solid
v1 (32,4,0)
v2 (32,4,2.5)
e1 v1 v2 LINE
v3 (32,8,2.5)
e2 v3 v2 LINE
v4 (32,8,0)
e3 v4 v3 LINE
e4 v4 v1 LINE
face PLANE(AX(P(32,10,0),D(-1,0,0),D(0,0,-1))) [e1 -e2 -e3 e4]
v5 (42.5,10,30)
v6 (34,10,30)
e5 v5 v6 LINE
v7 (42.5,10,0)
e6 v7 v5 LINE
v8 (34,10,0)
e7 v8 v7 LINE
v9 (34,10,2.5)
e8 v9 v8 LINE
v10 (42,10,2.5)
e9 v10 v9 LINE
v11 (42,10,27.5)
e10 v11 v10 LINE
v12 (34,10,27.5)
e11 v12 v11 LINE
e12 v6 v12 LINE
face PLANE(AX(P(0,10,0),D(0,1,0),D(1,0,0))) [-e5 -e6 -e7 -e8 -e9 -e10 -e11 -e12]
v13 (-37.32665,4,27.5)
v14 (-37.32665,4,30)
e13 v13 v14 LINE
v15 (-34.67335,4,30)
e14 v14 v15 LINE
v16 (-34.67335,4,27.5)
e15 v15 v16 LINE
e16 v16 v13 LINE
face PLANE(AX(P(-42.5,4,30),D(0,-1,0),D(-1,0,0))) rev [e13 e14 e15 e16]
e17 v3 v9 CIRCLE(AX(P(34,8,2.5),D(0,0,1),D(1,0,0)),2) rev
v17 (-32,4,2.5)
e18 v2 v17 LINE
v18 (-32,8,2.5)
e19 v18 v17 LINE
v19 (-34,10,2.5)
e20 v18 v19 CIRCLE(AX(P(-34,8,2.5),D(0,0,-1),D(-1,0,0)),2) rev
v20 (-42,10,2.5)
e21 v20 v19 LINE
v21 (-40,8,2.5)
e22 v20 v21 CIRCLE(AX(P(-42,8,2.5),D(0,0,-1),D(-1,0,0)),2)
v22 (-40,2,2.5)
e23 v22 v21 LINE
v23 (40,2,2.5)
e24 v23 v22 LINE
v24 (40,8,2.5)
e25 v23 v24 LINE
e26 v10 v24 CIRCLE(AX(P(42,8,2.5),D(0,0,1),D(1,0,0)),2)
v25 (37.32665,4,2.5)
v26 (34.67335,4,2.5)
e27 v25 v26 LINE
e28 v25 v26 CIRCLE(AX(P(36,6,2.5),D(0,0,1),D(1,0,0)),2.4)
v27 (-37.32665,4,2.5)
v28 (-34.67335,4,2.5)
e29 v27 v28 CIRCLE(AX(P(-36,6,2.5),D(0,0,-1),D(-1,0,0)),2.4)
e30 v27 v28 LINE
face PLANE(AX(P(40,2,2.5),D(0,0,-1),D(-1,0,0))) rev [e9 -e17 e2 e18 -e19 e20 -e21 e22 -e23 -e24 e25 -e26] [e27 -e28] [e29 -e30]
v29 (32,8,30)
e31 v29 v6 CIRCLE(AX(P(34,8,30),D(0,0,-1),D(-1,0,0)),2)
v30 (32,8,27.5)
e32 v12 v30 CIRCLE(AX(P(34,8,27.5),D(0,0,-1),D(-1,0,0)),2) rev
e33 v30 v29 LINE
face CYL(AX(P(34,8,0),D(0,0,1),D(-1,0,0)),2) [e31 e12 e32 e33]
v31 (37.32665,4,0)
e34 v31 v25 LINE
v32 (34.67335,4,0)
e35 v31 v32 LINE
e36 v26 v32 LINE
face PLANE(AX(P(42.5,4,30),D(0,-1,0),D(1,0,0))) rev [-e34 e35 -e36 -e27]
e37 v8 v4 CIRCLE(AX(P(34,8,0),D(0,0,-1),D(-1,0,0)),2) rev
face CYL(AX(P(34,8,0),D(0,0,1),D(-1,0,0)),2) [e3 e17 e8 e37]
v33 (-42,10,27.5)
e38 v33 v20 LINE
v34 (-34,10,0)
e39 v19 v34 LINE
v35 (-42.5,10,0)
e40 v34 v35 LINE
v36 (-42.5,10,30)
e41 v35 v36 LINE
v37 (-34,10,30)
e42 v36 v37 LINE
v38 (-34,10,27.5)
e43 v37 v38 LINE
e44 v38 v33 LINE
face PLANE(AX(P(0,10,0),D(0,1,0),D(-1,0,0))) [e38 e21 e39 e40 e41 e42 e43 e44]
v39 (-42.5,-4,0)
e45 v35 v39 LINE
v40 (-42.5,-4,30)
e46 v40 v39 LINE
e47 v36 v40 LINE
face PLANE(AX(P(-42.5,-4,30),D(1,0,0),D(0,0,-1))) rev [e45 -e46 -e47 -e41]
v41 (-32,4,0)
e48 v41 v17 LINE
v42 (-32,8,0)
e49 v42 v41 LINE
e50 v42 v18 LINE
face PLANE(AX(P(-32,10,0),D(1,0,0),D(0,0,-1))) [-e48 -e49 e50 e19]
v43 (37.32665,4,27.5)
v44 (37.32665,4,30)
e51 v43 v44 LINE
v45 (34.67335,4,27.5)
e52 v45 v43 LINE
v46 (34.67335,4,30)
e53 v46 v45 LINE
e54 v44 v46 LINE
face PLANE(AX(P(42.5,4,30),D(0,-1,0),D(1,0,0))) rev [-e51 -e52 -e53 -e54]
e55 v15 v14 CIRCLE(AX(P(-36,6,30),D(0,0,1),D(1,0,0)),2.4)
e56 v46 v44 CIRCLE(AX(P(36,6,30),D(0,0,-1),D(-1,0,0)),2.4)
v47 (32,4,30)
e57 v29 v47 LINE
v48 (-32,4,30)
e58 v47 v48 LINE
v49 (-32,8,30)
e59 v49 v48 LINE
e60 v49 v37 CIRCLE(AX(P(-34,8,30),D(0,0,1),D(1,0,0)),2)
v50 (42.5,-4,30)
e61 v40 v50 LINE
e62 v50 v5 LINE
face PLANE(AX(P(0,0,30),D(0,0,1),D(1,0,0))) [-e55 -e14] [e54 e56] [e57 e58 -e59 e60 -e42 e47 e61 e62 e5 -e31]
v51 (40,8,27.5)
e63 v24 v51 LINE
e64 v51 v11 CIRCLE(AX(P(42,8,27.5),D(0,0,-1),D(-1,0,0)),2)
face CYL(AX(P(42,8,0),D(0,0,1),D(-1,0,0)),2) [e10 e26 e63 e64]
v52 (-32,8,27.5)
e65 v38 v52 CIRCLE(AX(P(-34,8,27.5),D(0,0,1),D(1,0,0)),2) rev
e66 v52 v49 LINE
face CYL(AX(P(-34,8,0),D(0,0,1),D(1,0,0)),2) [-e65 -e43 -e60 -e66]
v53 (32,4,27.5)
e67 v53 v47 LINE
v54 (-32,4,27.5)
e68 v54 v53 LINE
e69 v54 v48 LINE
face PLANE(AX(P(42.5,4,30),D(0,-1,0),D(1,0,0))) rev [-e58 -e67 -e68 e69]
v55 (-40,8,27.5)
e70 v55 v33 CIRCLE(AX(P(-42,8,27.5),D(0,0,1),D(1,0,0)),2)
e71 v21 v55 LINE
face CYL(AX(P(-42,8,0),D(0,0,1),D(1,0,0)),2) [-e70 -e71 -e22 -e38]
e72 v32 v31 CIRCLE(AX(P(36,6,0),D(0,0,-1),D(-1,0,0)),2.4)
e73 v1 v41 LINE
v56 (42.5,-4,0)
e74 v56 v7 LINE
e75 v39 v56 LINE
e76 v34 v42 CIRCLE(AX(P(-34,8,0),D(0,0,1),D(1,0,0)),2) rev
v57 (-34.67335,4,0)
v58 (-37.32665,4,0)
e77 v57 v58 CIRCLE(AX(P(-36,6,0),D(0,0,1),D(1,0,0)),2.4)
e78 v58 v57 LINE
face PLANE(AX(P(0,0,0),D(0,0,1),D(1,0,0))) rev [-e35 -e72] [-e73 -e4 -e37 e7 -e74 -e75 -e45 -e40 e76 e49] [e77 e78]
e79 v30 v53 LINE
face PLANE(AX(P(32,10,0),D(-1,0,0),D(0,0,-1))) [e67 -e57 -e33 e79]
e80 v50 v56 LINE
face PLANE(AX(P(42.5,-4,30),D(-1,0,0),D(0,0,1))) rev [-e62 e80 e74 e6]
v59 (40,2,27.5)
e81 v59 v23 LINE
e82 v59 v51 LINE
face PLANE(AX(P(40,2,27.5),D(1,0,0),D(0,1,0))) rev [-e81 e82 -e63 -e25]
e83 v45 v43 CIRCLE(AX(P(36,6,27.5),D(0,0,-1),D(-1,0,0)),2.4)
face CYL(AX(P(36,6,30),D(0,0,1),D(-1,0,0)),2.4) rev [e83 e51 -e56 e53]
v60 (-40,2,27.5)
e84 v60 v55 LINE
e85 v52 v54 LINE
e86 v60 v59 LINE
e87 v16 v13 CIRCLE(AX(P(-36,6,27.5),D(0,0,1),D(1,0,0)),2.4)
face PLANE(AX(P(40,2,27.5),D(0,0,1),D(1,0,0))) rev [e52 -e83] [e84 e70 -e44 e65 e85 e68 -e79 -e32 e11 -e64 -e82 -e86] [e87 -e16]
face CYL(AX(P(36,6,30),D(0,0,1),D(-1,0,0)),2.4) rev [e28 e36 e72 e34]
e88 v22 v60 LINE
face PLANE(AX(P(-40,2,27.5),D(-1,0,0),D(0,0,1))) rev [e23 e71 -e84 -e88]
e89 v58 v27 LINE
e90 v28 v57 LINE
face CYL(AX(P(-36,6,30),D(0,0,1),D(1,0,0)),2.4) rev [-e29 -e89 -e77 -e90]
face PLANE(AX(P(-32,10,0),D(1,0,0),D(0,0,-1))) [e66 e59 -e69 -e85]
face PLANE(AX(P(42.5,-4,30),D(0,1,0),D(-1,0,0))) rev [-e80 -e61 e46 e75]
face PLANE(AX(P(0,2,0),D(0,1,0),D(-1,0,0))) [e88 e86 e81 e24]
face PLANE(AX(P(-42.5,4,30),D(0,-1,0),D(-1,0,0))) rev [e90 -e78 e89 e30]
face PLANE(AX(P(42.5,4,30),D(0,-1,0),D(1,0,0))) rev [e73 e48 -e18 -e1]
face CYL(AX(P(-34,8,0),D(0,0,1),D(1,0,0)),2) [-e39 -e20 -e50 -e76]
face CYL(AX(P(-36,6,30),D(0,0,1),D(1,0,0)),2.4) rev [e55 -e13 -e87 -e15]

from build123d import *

# Parameters (mm, degrees)
SKETCH1_W            = 85
SKETCH1_H            = 8
BOSS_EXTRUDE1_DEPTH  = 30
SKETCH2_W            = 80
SKETCH2_H            = 25
CUT_EXTRUDE1_DEPTH   = 2
BOSS_EXTRUDE3_DEPTH  = 6
M4_CLEARANCE_HOLE1_D = 4.8
FILLET1_R            = 2


with BuildPart() as part:
    # Sketch1 → Boss-Extrude1 (new body)
    with BuildSketch(Plane.XY):
        Rectangle(SKETCH1_W, SKETCH1_H)
    extrude(amount=BOSS_EXTRUDE1_DEPTH)

    # Sketch2 → Cut-Extrude1 (cut)
    with BuildSketch(Plane(origin=(0, 4, 0), x_dir=(1, 0, 0), z_dir=(0, 1, 0))):
        with Locations((0, -15)):
            Rectangle(SKETCH2_W, SKETCH2_H)
    extrude(amount=-CUT_EXTRUDE1_DEPTH, mode=Mode.SUBTRACT)

    # Sketch3 → Boss-Extrude3 (add)
    with BuildSketch(Plane(origin=(0, 4, 0), x_dir=(1, 0, 0), z_dir=(0, 1, 0))):
        Polygon((-32, 0), (-42.5, 0), (-42.5, -30), (-32, -30), (-32, -27.5), (-40, -27.5), (-40, -2.5), (-32, -2.5), align=None)
    extrude(amount=BOSS_EXTRUDE3_DEPTH)

    # M4 Clearance Hole1 (through all)
    with Locations(Plane.XY.offset(30)):
        with Locations((-36, 6)):
            Hole(M4_CLEARANCE_HOLE1_D / 2)

    # Fillet1
    fillet1_edges = [part.edges().sort_by_distance(p)[0] for p in [
        (-32, 10, 1.25),
        (-32, 10, 28.75),
        (-40, 10, 15),
    ]]
    fillet(fillet1_edges, radius=FILLET1_R)

    # Mirror1: part across plane


with BuildPart() as part_1:
    add(part.part)
    add(part.part.mirror(Plane(origin=(0, 0, 0), x_dir=(0, 0, 1), z_dir=(1, 0, 0))))


solid = part_1.part
